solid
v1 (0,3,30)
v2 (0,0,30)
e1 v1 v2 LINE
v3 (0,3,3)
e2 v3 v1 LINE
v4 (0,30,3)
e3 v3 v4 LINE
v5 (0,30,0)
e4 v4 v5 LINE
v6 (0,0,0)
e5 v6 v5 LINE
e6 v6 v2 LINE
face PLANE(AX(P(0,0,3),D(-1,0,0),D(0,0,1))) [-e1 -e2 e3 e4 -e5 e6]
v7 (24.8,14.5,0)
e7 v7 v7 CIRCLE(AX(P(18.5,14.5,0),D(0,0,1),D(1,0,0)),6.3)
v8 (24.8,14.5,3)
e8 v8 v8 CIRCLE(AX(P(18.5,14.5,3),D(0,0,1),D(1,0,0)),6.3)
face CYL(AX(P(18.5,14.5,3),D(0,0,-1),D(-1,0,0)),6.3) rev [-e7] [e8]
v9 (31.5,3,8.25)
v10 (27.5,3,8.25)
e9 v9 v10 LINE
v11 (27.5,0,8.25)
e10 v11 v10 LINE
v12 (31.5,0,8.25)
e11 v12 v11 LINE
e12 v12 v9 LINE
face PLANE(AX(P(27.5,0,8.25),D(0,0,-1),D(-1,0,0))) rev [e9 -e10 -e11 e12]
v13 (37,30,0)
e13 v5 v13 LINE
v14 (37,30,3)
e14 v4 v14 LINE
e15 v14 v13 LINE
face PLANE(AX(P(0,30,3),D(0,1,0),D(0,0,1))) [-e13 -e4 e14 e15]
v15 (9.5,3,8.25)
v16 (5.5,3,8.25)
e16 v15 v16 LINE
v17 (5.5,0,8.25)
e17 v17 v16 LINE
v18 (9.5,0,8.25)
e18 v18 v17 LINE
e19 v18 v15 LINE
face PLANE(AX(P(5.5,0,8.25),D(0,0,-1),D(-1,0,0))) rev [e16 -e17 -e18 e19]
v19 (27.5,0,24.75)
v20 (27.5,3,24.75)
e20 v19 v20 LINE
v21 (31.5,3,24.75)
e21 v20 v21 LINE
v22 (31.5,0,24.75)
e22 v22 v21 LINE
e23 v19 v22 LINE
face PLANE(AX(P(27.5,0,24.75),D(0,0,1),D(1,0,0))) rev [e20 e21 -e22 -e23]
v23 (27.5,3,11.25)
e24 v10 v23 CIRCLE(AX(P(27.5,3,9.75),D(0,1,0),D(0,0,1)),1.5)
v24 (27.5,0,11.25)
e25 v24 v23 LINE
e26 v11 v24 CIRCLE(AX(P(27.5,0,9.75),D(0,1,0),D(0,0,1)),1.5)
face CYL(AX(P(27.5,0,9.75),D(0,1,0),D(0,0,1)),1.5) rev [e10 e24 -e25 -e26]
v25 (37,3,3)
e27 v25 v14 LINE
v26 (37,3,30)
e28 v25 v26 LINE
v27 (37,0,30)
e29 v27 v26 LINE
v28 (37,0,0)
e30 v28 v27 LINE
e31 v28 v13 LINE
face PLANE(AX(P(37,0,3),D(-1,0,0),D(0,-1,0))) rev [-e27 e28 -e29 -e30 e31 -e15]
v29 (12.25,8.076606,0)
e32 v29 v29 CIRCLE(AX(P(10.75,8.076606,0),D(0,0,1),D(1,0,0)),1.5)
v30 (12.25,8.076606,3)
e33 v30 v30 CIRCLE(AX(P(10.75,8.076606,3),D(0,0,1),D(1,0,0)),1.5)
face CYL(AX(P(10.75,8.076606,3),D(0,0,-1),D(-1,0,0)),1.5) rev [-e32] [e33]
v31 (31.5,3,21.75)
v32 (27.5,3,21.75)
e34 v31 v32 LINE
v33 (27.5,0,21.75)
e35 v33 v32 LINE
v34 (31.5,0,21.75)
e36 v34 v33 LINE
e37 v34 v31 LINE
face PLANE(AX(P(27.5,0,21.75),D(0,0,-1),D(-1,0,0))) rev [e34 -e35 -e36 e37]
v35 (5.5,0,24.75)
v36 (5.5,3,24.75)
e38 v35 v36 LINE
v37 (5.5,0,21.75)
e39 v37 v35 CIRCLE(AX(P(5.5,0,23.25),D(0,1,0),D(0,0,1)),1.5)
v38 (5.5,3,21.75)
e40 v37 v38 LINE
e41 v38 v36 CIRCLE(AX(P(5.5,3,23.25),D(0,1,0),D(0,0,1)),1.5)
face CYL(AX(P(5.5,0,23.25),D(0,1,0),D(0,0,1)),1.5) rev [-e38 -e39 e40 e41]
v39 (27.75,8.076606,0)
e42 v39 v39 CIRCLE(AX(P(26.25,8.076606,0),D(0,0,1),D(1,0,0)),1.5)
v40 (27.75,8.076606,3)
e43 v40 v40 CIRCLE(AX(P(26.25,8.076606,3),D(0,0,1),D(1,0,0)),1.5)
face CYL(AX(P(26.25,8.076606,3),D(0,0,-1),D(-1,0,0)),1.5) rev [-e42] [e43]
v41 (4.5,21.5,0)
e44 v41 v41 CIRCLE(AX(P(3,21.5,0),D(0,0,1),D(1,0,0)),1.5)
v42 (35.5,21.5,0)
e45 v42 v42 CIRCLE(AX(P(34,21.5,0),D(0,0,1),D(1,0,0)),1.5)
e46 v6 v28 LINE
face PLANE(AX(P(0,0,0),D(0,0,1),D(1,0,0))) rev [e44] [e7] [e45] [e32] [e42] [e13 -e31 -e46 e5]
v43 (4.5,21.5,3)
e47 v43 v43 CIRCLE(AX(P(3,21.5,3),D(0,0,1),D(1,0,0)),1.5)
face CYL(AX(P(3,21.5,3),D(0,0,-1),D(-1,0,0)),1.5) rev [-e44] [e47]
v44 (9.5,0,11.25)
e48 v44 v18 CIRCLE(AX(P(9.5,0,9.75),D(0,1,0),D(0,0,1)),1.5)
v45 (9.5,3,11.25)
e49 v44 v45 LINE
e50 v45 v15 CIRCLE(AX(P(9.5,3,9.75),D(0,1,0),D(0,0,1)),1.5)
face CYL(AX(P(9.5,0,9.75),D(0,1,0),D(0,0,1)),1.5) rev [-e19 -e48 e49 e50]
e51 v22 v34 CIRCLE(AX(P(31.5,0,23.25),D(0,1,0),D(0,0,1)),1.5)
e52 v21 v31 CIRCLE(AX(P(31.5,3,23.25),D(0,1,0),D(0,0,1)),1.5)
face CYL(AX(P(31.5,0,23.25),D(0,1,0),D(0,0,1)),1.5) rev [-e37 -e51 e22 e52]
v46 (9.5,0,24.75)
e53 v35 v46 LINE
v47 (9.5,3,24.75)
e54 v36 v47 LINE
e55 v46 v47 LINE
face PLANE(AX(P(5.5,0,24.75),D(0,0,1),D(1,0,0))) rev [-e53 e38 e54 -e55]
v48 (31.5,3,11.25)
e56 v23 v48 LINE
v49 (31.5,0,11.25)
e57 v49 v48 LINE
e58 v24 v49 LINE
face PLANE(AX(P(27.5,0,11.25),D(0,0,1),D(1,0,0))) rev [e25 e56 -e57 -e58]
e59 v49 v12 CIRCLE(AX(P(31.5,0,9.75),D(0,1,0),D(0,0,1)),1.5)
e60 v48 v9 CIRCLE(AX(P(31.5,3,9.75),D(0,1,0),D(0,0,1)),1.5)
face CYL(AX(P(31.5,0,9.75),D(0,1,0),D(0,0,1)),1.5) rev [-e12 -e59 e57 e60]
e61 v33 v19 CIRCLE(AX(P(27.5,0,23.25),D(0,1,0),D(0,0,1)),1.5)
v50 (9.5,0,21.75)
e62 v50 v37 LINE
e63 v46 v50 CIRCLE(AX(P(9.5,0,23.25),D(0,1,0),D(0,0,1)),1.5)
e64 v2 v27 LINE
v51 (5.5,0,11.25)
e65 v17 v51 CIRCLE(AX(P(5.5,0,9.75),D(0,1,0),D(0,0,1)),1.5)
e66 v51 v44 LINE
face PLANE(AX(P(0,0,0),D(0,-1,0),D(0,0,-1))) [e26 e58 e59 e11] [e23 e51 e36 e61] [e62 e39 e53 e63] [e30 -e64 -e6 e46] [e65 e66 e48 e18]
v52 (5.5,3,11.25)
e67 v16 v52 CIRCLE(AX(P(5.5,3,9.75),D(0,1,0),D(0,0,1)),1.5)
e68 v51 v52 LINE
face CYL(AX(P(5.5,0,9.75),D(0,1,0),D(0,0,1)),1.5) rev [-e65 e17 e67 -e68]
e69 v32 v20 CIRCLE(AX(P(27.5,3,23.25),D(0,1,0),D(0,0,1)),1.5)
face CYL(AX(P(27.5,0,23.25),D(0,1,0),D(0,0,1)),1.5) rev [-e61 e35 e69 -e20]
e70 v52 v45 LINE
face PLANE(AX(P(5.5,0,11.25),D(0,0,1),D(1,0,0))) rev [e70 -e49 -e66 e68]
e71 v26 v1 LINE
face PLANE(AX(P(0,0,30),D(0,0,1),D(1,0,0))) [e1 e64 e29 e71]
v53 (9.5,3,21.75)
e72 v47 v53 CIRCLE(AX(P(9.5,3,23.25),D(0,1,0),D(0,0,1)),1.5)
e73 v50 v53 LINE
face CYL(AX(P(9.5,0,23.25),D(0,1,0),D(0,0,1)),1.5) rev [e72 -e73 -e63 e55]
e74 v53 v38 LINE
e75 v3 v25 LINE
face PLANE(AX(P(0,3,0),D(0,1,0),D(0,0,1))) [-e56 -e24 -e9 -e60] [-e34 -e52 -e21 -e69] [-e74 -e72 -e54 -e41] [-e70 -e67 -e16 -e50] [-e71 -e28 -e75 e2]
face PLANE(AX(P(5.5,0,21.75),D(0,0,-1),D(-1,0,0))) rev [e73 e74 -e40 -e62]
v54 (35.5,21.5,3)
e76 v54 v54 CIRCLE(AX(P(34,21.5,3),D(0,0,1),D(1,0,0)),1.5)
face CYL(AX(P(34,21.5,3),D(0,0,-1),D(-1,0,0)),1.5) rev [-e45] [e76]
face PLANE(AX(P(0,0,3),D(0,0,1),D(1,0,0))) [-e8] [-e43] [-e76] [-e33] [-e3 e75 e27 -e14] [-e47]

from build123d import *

# Parameters (mm, degrees)
SKETCH1_W                = 37
SKETCH1_H                = 27
SKETCH1_R                = 1.5
SKETCH1_R_2              = 6.3
BOSS_EXTRUDE2_DEPTH      = 3
BOSS_EXTRUDE4_DEPTH      = 27
BOSS_EXTRUDE4_DEPTH_BACK = 3
SKETCH2_W                = 37
SKETCH2_H                = 3
CUT_EXTRUDE1_DEPTH       = 55.753995288
CROQUIS1_W               = 9.332939374
CROQUIS1_H               = 27
SALIENTE_EXTRUIR1_DEPTH  = 10
CROQUIS2_W               = 9.332939374
CROQUIS2_H               = 27
CORTAR_EXTRUIR1_DEPTH    = 10
CROQUIS3_W               = 10.381853436
CROQUIS3_H               = 27
SALIENTE_EXTRUIR2_DEPTH  = 10
CROQUIS4_W               = 10.381853436
CROQUIS4_H               = 27
CORTAR_EXTRUIR3_DEPTH    = 10
CROQUIS5_W               = 9.124203914
CROQUIS5_H               = 27
SALIENTE_EXTRUIR3_DEPTH  = 10
CROQUIS6_W               = 9.124203914
CROQUIS6_H               = 27
CORTAR_EXTRUIR5_DEPTH    = 10


with BuildPart() as part:
    # Sketch1 → Boss-Extrude2 (new body)
    with BuildSketch(Plane.XY):
        with Locations((18.5, 16.5)):
            Rectangle(SKETCH1_W, SKETCH1_H)
        with Locations((10.75, 8.076606241)):
            Circle(SKETCH1_R, mode=Mode.SUBTRACT)
        with Locations((18.5, 14.5)):
            Circle(SKETCH1_R_2, mode=Mode.SUBTRACT)
        with Locations((26.25, 8.076606241)):
            Circle(SKETCH1_R, mode=Mode.SUBTRACT)
        with Locations((3, 21.5)):
            Circle(SKETCH1_R, mode=Mode.SUBTRACT)
        with Locations((34, 21.5)):
            Circle(SKETCH1_R, mode=Mode.SUBTRACT)
    extrude(amount=BOSS_EXTRUDE2_DEPTH)

    # Sketch2 → Boss-Extrude4 (add, two sides: drawn at the far end of the back side and taken through both)
    with BuildSketch(Plane.XY.offset(3).offset(-BOSS_EXTRUDE4_DEPTH_BACK)):
        with Locations((18.5, 1.5)):
            Rectangle(SKETCH2_W, SKETCH2_H)
    extrude(amount=BOSS_EXTRUDE4_DEPTH + BOSS_EXTRUDE4_DEPTH_BACK)

    # Sketch4 → Cut-Extrude1 (cut, through all)
    with BuildSketch(Plane(origin=(0, 3, 0), x_dir=(1, 0, 0), z_dir=(0, 1, 0))):
        with BuildLine():
            Line((5.5, -8.25), (9.5, -8.25))
            ThreePointArc((9.5, -8.25), (11, -9.75), (9.5, -11.25))
            Line((9.5, -11.25), (5.5, -11.25))
            ThreePointArc((5.5, -11.25), (4, -9.75), (5.5, -8.25))
        make_face()
        with BuildLine():
            Line((27.5, -8.25), (31.5, -8.25))
            ThreePointArc((31.5, -8.25), (33, -9.75), (31.5, -11.25))
            Line((31.5, -11.25), (27.5, -11.25))
            ThreePointArc((27.5, -11.25), (26, -9.75), (27.5, -8.25))
        make_face()
        with BuildLine():
            Line((27.5, -21.75), (31.5, -21.75))
            ThreePointArc((31.5, -21.75), (33, -23.25), (31.5, -24.75))
            Line((31.5, -24.75), (27.5, -24.75))
            ThreePointArc((27.5, -24.75), (26, -23.25), (27.5, -21.75))
        make_face()
        with BuildLine():
            Line((5.5, -21.75), (9.5, -21.75))
            ThreePointArc((9.5, -21.75), (11, -23.25), (9.5, -24.75))
            Line((9.5, -24.75), (5.5, -24.75))
            ThreePointArc((5.5, -24.75), (4, -23.25), (5.5, -21.75))
        make_face()
    extrude(amount=-CUT_EXTRUDE1_DEPTH, mode=Mode.SUBTRACT)

    # Croquis1 → Saliente-Extruir1 (add)
    with BuildSketch(Plane(origin=(0, 3, 0), x_dir=(1, 0, 0), z_dir=(0, 1, 0))):
        with Locations((26.333530313, -16.5)):
            Rectangle(CROQUIS1_W, CROQUIS1_H)
    extrude(amount=SALIENTE_EXTRUIR1_DEPTH)

    # Croquis2 → Cortar-Extruir1 (cut)
    with BuildSketch(Plane(origin=(0, 3, 0), x_dir=(1, 0, 0), z_dir=(0, 1, 0))):
        with Locations((26.333530313, -16.5)):
            Rectangle(CROQUIS2_W, CROQUIS2_H)
    extrude(amount=CORTAR_EXTRUIR1_DEPTH, mode=Mode.SUBTRACT)

    # Croquis3 → Saliente-Extruir2 (add)
    with BuildSketch(Plane(origin=(0, 3, 0), x_dir=(1, 0, 0), z_dir=(0, 1, 0))):
        with Locations((25.809073282, -16.5)):
            Rectangle(CROQUIS3_W, CROQUIS3_H)
    extrude(amount=SALIENTE_EXTRUIR2_DEPTH)

    # Croquis4 → Cortar-Extruir3 (cut)
    with BuildSketch(Plane(origin=(0, 3, 0), x_dir=(1, 0, 0), z_dir=(0, 1, 0))):
        with Locations((25.809073282, -16.5)):
            Rectangle(CROQUIS4_W, CROQUIS4_H)
    extrude(amount=CORTAR_EXTRUIR3_DEPTH, mode=Mode.SUBTRACT)

    # Croquis5 → Saliente-Extruir3 (add)
    with BuildSketch(Plane(origin=(0, 3, 0), x_dir=(1, 0, 0), z_dir=(0, 1, 0))):
        with Locations((26.437898043, -16.5)):
            Rectangle(CROQUIS5_W, CROQUIS5_H)
    extrude(amount=SALIENTE_EXTRUIR3_DEPTH)

    # Croquis6 → Cortar-Extruir5 (cut)
    with BuildSketch(Plane(origin=(0, 3, 0), x_dir=(1, 0, 0), z_dir=(0, 1, 0))):
        with Locations((26.437898043, -16.5)):
            Rectangle(CROQUIS6_W, CROQUIS6_H)
    extrude(amount=CORTAR_EXTRUIR5_DEPTH, mode=Mode.SUBTRACT)


solid = part.part
